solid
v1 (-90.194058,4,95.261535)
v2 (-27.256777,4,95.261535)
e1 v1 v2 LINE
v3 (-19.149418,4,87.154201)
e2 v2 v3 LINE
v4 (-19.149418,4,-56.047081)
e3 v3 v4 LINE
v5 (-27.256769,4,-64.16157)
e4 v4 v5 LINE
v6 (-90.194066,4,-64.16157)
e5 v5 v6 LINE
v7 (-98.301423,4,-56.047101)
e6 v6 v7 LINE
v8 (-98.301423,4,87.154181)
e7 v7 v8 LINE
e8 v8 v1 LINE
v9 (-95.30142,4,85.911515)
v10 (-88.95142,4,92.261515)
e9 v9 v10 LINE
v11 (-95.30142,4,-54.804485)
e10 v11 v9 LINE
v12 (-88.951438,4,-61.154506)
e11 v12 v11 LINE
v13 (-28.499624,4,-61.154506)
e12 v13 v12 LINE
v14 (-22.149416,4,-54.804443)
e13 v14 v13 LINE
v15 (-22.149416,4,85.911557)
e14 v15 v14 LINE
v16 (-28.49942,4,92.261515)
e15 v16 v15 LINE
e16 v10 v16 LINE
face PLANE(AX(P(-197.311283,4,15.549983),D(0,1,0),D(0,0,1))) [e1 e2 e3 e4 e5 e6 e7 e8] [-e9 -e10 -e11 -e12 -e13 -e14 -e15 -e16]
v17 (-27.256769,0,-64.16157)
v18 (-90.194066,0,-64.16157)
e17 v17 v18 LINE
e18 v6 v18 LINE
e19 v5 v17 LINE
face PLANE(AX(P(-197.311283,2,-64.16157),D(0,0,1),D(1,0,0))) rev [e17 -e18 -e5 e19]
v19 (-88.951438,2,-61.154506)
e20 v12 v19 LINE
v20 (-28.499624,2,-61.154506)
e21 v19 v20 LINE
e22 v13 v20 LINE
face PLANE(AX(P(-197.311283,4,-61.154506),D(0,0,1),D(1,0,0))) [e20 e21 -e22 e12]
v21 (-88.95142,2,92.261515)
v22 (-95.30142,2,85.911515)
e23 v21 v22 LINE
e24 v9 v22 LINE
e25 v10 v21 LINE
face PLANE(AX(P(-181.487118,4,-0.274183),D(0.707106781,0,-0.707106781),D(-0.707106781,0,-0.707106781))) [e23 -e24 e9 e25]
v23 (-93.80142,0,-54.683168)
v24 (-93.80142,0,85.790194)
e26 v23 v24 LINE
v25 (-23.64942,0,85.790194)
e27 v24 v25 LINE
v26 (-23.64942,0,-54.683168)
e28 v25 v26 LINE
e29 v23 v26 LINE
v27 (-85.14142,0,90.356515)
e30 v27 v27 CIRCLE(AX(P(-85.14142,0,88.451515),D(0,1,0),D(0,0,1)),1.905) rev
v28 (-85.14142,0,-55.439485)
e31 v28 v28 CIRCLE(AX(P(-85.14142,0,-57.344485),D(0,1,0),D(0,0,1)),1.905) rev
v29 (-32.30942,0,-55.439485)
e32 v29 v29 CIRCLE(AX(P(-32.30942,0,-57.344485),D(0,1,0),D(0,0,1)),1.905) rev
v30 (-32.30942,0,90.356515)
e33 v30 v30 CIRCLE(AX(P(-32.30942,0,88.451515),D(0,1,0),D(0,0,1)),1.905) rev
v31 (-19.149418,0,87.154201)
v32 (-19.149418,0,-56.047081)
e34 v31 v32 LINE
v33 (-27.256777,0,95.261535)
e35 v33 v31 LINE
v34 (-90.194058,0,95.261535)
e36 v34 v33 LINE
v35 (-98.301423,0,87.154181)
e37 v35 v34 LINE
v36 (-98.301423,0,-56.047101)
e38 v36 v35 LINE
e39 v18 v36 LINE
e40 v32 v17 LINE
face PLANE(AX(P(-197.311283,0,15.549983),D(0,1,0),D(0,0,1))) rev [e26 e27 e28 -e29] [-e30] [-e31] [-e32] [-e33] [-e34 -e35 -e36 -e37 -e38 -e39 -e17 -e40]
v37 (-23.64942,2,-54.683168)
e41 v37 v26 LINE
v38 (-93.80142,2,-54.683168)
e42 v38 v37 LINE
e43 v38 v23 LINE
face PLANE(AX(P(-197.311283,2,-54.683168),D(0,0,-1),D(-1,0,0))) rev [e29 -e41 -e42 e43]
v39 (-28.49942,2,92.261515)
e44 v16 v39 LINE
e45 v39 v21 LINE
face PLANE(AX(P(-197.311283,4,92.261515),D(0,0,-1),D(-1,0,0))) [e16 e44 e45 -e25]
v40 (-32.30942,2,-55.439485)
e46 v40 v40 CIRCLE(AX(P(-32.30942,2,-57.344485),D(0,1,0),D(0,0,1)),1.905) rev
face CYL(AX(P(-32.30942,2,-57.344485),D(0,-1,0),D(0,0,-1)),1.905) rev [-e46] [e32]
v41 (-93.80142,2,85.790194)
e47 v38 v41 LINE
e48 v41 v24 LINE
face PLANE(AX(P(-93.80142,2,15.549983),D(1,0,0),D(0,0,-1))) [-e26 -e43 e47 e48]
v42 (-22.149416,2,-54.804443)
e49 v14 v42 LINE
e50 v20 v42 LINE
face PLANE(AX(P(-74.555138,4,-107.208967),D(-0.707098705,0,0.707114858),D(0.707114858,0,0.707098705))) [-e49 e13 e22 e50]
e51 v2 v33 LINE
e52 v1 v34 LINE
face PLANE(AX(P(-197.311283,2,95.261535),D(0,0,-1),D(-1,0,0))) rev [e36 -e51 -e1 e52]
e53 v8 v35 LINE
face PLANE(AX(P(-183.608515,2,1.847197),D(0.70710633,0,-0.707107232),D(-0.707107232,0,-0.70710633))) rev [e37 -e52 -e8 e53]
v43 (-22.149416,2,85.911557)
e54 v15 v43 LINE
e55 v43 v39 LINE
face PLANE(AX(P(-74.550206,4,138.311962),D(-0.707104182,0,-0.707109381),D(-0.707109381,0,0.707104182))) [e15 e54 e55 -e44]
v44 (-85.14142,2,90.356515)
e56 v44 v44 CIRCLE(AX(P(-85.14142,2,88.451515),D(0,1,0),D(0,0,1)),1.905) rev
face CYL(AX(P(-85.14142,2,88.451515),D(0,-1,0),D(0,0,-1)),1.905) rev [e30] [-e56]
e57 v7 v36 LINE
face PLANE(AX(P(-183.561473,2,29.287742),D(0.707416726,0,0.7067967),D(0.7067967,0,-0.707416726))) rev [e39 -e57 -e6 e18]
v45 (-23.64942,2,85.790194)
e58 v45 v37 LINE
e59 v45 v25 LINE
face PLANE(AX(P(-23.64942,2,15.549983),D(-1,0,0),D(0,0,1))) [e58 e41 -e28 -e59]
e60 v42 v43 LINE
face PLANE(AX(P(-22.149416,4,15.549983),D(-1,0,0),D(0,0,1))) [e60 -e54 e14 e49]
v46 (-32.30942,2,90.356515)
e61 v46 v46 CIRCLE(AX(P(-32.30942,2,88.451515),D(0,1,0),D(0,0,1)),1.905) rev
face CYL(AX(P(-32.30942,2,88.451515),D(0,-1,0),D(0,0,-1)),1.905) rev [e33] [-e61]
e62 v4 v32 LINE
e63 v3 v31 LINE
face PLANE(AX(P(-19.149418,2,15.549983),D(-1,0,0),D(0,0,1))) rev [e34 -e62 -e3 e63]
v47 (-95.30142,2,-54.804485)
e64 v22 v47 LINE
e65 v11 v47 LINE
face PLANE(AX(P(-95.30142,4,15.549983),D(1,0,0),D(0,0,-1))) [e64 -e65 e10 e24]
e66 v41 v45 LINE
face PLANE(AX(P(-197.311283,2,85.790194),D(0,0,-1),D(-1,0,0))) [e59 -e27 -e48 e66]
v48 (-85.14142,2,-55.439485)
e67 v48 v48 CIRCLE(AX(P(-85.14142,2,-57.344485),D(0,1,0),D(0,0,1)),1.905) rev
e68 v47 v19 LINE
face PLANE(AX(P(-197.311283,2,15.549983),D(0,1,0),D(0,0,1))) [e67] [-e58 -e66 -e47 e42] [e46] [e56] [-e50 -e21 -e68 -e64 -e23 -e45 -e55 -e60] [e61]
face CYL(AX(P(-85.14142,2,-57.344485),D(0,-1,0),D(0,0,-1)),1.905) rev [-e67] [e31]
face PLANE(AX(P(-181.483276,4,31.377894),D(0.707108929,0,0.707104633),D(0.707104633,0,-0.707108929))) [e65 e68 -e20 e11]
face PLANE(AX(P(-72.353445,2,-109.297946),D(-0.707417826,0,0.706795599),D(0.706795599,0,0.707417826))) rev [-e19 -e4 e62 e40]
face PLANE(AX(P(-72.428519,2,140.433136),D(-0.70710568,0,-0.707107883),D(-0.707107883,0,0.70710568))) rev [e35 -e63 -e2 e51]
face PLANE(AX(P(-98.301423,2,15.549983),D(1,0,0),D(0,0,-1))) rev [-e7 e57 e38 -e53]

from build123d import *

# Parameters (mm, degrees)
SKETCH1_R           = 1.905
SKETCH1_W           = 70.15200002
SKETCH1_H           = 140.473361982
BOSS_EXTRUDE1_DEPTH = 2
BOSS_EXTRUDE2_DEPTH = 4


with BuildPart() as part:
    # Sketch1 → Boss-Extrude1 (new body)
    with BuildSketch(Plane(origin=(0, 0, 0), x_dir=(1, 0, 0), z_dir=(0, 1, 0))):
        Polygon((-27.256776842, -95.261534652), (-19.149417529, -87.154200597), (-19.149417529, 56.047080778), (-27.25676908, 64.16156963), (-90.194065977, 64.16156963), (-98.301422703, 56.047100861), (-98.301422703, -87.154180513), (-90.194058216, -95.261534652), align=None)
        with Locations((-85.141420182, -88.451514751)):
            Circle(SKETCH1_R, mode=Mode.SUBTRACT)
        with Locations((-58.725420192, -15.553513417)):
            Rectangle(SKETCH1_W, SKETCH1_H, mode=Mode.SUBTRACT)
        with Locations((-32.309420182, -88.451514751)):
            Circle(SKETCH1_R, mode=Mode.SUBTRACT)
        with Locations((-85.141420182, 57.344485249)):
            Circle(SKETCH1_R, mode=Mode.SUBTRACT)
        with Locations((-32.309420182, 57.344485249)):
            Circle(SKETCH1_R, mode=Mode.SUBTRACT)
    extrude(amount=BOSS_EXTRUDE1_DEPTH)

    # Sketch1<3> → Boss-Extrude2 (add)
    with BuildSketch(Plane(origin=(0, 0, 0), x_dir=(1, 0, 0), z_dir=(0, 1, 0))):
        Polygon((-27.256776842, -95.261534652), (-19.149417529, -87.154200597), (-19.149417529, 56.047080778), (-27.25676908, 64.16156963), (-90.194065977, 64.16156963), (-98.301422703, 56.047100861), (-98.301422703, -87.154180513), (-90.194058216, -95.261534652), align=None)
        Polygon((-22.14941613, 54.804442616), (-22.14941613, -85.911557384), (-28.499420182, -92.261514751), (-88.951420183, -92.261514751), (-95.301420183, -85.911514751), (-95.301420183, 54.804485249), (-88.951438098, 61.154505914), (-28.499624487, 61.154505914), align=None, mode=Mode.SUBTRACT)
    extrude(amount=BOSS_EXTRUDE2_DEPTH)


solid = part.part
